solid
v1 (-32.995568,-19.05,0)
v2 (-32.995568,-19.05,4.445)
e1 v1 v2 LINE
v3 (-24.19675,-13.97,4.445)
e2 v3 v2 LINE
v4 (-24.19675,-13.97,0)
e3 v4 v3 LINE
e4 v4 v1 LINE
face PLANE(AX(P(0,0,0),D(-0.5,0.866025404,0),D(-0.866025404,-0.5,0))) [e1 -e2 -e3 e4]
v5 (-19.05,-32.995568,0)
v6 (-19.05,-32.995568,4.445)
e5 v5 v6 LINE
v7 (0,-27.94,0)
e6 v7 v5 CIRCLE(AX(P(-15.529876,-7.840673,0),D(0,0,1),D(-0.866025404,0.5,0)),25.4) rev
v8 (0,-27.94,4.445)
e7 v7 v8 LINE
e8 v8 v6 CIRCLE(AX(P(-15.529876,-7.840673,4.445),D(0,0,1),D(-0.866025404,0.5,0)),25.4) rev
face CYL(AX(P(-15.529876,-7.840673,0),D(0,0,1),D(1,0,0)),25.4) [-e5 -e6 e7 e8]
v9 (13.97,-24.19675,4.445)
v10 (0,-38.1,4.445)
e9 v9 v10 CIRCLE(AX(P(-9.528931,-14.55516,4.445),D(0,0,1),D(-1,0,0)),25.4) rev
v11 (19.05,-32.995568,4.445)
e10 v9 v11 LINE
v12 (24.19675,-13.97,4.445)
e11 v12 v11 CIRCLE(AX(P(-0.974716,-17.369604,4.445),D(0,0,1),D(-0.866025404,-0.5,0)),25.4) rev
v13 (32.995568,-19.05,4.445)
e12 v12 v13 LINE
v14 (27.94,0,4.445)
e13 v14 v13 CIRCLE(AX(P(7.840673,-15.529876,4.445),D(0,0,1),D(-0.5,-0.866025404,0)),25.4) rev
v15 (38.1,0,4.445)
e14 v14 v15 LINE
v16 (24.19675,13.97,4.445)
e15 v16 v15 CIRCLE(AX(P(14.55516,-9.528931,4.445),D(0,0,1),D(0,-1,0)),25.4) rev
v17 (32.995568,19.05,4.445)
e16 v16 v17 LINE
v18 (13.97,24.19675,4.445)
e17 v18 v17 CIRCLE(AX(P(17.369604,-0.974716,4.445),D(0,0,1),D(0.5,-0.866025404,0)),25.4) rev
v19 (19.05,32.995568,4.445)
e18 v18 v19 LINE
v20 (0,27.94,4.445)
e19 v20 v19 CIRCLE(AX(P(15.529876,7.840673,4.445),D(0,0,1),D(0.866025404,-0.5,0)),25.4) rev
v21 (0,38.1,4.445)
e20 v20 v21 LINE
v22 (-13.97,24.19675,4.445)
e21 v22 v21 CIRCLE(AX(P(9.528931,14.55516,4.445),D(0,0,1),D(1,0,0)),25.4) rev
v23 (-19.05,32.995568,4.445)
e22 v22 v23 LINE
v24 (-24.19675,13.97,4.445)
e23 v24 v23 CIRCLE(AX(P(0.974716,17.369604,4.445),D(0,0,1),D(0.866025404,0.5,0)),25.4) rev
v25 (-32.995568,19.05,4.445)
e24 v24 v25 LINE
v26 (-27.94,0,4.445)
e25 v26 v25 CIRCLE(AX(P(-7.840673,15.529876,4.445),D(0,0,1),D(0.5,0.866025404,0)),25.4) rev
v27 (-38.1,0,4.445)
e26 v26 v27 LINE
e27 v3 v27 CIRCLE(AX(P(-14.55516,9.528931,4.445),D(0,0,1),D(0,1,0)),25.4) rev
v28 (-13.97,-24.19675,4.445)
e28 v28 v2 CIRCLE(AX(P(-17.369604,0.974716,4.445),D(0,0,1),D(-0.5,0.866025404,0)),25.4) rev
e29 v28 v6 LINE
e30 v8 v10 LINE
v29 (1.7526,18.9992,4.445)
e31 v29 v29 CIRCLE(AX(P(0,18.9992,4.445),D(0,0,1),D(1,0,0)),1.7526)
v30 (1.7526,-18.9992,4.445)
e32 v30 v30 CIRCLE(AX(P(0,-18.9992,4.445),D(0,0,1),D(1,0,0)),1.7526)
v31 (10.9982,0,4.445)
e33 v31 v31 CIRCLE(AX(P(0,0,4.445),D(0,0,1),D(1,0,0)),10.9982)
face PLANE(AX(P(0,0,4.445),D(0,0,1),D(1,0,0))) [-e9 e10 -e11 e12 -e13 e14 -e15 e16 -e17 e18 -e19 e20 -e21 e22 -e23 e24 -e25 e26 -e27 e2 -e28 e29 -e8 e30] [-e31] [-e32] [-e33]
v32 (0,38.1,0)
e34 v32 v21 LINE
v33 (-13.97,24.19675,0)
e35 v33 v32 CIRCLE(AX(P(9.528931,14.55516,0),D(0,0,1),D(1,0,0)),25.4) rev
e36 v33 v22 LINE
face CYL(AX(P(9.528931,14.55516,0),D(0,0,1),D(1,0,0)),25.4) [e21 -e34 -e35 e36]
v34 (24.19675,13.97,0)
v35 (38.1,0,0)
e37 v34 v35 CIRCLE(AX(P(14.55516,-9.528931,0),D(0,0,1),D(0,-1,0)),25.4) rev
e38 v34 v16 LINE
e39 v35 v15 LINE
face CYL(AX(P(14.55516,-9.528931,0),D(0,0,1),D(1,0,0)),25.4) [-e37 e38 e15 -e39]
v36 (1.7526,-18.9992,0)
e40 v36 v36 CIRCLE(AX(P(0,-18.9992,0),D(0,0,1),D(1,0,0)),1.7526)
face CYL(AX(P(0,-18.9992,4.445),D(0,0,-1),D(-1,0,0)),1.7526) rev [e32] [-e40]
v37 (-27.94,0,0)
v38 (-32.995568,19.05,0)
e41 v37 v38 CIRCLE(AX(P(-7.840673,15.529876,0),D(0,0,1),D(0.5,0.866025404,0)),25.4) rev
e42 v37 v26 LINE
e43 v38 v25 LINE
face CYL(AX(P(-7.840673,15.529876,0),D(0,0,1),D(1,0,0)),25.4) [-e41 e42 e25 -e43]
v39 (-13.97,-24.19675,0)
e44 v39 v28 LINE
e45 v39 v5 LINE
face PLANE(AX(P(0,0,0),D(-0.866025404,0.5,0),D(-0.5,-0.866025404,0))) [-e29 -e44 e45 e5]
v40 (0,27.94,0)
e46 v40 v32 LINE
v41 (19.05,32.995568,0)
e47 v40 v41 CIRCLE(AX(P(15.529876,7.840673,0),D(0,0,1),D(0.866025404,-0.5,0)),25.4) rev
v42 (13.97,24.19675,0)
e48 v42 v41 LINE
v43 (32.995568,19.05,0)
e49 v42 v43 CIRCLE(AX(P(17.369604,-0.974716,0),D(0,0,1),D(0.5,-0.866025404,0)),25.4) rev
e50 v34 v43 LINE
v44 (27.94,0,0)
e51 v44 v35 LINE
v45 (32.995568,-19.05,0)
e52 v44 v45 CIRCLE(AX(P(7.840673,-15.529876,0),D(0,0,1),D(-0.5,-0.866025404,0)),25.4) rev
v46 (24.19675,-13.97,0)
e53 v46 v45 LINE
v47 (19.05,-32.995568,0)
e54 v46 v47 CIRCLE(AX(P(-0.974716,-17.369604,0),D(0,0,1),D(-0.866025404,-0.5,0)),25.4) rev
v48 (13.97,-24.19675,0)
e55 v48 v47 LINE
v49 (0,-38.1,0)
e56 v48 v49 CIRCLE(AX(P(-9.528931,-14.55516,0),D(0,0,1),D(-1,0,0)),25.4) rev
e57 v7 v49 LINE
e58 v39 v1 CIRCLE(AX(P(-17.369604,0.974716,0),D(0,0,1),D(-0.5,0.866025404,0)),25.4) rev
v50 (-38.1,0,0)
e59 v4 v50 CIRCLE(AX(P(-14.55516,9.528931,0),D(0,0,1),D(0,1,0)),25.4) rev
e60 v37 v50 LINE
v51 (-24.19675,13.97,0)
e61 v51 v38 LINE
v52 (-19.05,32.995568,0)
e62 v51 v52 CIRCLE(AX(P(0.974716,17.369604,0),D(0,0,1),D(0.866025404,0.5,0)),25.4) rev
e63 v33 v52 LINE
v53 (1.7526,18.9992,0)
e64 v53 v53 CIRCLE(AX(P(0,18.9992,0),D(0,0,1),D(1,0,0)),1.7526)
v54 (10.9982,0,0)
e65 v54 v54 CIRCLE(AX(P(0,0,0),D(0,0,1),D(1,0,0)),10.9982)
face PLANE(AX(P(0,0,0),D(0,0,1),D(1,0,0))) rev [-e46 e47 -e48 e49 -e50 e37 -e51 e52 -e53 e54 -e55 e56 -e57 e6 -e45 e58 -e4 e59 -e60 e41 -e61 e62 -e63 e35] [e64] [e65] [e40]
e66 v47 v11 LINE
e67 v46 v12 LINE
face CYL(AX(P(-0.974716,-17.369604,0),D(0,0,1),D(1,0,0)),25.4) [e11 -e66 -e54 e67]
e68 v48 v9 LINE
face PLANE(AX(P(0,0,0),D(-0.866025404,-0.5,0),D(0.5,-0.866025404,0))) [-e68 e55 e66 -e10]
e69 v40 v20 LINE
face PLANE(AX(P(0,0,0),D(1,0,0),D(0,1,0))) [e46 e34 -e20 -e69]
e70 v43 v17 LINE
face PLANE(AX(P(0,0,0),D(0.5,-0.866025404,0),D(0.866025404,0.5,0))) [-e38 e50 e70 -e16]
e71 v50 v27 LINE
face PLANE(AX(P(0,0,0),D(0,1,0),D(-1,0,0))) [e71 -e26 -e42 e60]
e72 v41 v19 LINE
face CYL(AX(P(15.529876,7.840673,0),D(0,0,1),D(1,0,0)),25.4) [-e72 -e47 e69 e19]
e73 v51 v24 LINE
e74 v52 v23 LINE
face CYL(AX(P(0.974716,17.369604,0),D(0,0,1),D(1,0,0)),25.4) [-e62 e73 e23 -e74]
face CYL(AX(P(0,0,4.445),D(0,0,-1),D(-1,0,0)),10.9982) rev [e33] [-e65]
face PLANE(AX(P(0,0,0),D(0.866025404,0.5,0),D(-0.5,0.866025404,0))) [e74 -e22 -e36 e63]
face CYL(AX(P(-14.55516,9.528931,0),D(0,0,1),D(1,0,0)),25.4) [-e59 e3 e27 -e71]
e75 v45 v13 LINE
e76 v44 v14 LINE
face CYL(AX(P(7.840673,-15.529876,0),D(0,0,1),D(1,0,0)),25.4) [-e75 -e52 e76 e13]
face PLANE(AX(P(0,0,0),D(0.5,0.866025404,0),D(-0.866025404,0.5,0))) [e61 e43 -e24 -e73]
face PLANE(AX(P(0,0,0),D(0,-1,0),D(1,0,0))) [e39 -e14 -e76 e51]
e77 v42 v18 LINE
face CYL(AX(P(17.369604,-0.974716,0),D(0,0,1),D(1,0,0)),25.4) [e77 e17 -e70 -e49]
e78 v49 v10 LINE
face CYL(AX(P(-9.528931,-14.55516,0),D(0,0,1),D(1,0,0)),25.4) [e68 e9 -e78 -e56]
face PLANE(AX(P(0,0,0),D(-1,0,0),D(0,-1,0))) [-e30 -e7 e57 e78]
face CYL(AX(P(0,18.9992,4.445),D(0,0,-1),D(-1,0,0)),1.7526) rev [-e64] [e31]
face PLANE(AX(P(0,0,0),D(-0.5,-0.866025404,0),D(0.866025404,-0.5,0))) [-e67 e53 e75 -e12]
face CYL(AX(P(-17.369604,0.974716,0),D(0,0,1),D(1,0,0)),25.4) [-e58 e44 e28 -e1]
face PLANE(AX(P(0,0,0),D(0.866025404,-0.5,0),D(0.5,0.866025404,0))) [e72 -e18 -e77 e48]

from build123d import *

# Parameters (mm, degrees)
SKETCH1_R           = 38.1
SKETCH1_R_2         = 1.7526
SKETCH1_R_3         = 10.9982
BOSS_EXTRUDE1_DEPTH = 4.445
CUT_EXTRUDE1_DEPTH  = 55.064572735
CIRPATTERN1_COUNT   = 12


with BuildPart() as part:
    # Sketch1 → Boss-Extrude1 (new body)
    with BuildSketch(Plane.XY):
        Circle(SKETCH1_R)
        with Locations((0, 18.9992)):
            Circle(SKETCH1_R_2, mode=Mode.SUBTRACT)
        Circle(SKETCH1_R_3, mode=Mode.SUBTRACT)
        with Locations((0, -18.9992)):
            Circle(SKETCH1_R_2, mode=Mode.SUBTRACT)
    extrude(amount=BOSS_EXTRUDE1_DEPTH)

    # Sketch3 → Cut-Extrude1 (cut, through all)
    with BuildSketch(Plane.XY.offset(4.445)):
        with BuildLine():
            Line((-19.05, 32.995567884), (-13.97, 24.196749782))
            ThreePointArc((-13.97, 24.196749782), (-8.388518849, 32.558632061), (0, 38.1))
            ThreePointArc((0, 38.1), (-9.861005618, 36.801773982), (-19.05, 32.995567884))
        make_face()
    cut_extrude1 = extrude(amount=-CUT_EXTRUDE1_DEPTH, mode=Mode.SUBTRACT)

    # CirPattern1: Cut-Extrude1 ×12 about axis
    cirpattern1_axis = Axis((0, 0, 0), (0, 0, 1))
    for i in range(1, CIRPATTERN1_COUNT):
        add(cut_extrude1.rotate(cirpattern1_axis, i * 360 / CIRPATTERN1_COUNT), mode=Mode.SUBTRACT)


solid = part.part
